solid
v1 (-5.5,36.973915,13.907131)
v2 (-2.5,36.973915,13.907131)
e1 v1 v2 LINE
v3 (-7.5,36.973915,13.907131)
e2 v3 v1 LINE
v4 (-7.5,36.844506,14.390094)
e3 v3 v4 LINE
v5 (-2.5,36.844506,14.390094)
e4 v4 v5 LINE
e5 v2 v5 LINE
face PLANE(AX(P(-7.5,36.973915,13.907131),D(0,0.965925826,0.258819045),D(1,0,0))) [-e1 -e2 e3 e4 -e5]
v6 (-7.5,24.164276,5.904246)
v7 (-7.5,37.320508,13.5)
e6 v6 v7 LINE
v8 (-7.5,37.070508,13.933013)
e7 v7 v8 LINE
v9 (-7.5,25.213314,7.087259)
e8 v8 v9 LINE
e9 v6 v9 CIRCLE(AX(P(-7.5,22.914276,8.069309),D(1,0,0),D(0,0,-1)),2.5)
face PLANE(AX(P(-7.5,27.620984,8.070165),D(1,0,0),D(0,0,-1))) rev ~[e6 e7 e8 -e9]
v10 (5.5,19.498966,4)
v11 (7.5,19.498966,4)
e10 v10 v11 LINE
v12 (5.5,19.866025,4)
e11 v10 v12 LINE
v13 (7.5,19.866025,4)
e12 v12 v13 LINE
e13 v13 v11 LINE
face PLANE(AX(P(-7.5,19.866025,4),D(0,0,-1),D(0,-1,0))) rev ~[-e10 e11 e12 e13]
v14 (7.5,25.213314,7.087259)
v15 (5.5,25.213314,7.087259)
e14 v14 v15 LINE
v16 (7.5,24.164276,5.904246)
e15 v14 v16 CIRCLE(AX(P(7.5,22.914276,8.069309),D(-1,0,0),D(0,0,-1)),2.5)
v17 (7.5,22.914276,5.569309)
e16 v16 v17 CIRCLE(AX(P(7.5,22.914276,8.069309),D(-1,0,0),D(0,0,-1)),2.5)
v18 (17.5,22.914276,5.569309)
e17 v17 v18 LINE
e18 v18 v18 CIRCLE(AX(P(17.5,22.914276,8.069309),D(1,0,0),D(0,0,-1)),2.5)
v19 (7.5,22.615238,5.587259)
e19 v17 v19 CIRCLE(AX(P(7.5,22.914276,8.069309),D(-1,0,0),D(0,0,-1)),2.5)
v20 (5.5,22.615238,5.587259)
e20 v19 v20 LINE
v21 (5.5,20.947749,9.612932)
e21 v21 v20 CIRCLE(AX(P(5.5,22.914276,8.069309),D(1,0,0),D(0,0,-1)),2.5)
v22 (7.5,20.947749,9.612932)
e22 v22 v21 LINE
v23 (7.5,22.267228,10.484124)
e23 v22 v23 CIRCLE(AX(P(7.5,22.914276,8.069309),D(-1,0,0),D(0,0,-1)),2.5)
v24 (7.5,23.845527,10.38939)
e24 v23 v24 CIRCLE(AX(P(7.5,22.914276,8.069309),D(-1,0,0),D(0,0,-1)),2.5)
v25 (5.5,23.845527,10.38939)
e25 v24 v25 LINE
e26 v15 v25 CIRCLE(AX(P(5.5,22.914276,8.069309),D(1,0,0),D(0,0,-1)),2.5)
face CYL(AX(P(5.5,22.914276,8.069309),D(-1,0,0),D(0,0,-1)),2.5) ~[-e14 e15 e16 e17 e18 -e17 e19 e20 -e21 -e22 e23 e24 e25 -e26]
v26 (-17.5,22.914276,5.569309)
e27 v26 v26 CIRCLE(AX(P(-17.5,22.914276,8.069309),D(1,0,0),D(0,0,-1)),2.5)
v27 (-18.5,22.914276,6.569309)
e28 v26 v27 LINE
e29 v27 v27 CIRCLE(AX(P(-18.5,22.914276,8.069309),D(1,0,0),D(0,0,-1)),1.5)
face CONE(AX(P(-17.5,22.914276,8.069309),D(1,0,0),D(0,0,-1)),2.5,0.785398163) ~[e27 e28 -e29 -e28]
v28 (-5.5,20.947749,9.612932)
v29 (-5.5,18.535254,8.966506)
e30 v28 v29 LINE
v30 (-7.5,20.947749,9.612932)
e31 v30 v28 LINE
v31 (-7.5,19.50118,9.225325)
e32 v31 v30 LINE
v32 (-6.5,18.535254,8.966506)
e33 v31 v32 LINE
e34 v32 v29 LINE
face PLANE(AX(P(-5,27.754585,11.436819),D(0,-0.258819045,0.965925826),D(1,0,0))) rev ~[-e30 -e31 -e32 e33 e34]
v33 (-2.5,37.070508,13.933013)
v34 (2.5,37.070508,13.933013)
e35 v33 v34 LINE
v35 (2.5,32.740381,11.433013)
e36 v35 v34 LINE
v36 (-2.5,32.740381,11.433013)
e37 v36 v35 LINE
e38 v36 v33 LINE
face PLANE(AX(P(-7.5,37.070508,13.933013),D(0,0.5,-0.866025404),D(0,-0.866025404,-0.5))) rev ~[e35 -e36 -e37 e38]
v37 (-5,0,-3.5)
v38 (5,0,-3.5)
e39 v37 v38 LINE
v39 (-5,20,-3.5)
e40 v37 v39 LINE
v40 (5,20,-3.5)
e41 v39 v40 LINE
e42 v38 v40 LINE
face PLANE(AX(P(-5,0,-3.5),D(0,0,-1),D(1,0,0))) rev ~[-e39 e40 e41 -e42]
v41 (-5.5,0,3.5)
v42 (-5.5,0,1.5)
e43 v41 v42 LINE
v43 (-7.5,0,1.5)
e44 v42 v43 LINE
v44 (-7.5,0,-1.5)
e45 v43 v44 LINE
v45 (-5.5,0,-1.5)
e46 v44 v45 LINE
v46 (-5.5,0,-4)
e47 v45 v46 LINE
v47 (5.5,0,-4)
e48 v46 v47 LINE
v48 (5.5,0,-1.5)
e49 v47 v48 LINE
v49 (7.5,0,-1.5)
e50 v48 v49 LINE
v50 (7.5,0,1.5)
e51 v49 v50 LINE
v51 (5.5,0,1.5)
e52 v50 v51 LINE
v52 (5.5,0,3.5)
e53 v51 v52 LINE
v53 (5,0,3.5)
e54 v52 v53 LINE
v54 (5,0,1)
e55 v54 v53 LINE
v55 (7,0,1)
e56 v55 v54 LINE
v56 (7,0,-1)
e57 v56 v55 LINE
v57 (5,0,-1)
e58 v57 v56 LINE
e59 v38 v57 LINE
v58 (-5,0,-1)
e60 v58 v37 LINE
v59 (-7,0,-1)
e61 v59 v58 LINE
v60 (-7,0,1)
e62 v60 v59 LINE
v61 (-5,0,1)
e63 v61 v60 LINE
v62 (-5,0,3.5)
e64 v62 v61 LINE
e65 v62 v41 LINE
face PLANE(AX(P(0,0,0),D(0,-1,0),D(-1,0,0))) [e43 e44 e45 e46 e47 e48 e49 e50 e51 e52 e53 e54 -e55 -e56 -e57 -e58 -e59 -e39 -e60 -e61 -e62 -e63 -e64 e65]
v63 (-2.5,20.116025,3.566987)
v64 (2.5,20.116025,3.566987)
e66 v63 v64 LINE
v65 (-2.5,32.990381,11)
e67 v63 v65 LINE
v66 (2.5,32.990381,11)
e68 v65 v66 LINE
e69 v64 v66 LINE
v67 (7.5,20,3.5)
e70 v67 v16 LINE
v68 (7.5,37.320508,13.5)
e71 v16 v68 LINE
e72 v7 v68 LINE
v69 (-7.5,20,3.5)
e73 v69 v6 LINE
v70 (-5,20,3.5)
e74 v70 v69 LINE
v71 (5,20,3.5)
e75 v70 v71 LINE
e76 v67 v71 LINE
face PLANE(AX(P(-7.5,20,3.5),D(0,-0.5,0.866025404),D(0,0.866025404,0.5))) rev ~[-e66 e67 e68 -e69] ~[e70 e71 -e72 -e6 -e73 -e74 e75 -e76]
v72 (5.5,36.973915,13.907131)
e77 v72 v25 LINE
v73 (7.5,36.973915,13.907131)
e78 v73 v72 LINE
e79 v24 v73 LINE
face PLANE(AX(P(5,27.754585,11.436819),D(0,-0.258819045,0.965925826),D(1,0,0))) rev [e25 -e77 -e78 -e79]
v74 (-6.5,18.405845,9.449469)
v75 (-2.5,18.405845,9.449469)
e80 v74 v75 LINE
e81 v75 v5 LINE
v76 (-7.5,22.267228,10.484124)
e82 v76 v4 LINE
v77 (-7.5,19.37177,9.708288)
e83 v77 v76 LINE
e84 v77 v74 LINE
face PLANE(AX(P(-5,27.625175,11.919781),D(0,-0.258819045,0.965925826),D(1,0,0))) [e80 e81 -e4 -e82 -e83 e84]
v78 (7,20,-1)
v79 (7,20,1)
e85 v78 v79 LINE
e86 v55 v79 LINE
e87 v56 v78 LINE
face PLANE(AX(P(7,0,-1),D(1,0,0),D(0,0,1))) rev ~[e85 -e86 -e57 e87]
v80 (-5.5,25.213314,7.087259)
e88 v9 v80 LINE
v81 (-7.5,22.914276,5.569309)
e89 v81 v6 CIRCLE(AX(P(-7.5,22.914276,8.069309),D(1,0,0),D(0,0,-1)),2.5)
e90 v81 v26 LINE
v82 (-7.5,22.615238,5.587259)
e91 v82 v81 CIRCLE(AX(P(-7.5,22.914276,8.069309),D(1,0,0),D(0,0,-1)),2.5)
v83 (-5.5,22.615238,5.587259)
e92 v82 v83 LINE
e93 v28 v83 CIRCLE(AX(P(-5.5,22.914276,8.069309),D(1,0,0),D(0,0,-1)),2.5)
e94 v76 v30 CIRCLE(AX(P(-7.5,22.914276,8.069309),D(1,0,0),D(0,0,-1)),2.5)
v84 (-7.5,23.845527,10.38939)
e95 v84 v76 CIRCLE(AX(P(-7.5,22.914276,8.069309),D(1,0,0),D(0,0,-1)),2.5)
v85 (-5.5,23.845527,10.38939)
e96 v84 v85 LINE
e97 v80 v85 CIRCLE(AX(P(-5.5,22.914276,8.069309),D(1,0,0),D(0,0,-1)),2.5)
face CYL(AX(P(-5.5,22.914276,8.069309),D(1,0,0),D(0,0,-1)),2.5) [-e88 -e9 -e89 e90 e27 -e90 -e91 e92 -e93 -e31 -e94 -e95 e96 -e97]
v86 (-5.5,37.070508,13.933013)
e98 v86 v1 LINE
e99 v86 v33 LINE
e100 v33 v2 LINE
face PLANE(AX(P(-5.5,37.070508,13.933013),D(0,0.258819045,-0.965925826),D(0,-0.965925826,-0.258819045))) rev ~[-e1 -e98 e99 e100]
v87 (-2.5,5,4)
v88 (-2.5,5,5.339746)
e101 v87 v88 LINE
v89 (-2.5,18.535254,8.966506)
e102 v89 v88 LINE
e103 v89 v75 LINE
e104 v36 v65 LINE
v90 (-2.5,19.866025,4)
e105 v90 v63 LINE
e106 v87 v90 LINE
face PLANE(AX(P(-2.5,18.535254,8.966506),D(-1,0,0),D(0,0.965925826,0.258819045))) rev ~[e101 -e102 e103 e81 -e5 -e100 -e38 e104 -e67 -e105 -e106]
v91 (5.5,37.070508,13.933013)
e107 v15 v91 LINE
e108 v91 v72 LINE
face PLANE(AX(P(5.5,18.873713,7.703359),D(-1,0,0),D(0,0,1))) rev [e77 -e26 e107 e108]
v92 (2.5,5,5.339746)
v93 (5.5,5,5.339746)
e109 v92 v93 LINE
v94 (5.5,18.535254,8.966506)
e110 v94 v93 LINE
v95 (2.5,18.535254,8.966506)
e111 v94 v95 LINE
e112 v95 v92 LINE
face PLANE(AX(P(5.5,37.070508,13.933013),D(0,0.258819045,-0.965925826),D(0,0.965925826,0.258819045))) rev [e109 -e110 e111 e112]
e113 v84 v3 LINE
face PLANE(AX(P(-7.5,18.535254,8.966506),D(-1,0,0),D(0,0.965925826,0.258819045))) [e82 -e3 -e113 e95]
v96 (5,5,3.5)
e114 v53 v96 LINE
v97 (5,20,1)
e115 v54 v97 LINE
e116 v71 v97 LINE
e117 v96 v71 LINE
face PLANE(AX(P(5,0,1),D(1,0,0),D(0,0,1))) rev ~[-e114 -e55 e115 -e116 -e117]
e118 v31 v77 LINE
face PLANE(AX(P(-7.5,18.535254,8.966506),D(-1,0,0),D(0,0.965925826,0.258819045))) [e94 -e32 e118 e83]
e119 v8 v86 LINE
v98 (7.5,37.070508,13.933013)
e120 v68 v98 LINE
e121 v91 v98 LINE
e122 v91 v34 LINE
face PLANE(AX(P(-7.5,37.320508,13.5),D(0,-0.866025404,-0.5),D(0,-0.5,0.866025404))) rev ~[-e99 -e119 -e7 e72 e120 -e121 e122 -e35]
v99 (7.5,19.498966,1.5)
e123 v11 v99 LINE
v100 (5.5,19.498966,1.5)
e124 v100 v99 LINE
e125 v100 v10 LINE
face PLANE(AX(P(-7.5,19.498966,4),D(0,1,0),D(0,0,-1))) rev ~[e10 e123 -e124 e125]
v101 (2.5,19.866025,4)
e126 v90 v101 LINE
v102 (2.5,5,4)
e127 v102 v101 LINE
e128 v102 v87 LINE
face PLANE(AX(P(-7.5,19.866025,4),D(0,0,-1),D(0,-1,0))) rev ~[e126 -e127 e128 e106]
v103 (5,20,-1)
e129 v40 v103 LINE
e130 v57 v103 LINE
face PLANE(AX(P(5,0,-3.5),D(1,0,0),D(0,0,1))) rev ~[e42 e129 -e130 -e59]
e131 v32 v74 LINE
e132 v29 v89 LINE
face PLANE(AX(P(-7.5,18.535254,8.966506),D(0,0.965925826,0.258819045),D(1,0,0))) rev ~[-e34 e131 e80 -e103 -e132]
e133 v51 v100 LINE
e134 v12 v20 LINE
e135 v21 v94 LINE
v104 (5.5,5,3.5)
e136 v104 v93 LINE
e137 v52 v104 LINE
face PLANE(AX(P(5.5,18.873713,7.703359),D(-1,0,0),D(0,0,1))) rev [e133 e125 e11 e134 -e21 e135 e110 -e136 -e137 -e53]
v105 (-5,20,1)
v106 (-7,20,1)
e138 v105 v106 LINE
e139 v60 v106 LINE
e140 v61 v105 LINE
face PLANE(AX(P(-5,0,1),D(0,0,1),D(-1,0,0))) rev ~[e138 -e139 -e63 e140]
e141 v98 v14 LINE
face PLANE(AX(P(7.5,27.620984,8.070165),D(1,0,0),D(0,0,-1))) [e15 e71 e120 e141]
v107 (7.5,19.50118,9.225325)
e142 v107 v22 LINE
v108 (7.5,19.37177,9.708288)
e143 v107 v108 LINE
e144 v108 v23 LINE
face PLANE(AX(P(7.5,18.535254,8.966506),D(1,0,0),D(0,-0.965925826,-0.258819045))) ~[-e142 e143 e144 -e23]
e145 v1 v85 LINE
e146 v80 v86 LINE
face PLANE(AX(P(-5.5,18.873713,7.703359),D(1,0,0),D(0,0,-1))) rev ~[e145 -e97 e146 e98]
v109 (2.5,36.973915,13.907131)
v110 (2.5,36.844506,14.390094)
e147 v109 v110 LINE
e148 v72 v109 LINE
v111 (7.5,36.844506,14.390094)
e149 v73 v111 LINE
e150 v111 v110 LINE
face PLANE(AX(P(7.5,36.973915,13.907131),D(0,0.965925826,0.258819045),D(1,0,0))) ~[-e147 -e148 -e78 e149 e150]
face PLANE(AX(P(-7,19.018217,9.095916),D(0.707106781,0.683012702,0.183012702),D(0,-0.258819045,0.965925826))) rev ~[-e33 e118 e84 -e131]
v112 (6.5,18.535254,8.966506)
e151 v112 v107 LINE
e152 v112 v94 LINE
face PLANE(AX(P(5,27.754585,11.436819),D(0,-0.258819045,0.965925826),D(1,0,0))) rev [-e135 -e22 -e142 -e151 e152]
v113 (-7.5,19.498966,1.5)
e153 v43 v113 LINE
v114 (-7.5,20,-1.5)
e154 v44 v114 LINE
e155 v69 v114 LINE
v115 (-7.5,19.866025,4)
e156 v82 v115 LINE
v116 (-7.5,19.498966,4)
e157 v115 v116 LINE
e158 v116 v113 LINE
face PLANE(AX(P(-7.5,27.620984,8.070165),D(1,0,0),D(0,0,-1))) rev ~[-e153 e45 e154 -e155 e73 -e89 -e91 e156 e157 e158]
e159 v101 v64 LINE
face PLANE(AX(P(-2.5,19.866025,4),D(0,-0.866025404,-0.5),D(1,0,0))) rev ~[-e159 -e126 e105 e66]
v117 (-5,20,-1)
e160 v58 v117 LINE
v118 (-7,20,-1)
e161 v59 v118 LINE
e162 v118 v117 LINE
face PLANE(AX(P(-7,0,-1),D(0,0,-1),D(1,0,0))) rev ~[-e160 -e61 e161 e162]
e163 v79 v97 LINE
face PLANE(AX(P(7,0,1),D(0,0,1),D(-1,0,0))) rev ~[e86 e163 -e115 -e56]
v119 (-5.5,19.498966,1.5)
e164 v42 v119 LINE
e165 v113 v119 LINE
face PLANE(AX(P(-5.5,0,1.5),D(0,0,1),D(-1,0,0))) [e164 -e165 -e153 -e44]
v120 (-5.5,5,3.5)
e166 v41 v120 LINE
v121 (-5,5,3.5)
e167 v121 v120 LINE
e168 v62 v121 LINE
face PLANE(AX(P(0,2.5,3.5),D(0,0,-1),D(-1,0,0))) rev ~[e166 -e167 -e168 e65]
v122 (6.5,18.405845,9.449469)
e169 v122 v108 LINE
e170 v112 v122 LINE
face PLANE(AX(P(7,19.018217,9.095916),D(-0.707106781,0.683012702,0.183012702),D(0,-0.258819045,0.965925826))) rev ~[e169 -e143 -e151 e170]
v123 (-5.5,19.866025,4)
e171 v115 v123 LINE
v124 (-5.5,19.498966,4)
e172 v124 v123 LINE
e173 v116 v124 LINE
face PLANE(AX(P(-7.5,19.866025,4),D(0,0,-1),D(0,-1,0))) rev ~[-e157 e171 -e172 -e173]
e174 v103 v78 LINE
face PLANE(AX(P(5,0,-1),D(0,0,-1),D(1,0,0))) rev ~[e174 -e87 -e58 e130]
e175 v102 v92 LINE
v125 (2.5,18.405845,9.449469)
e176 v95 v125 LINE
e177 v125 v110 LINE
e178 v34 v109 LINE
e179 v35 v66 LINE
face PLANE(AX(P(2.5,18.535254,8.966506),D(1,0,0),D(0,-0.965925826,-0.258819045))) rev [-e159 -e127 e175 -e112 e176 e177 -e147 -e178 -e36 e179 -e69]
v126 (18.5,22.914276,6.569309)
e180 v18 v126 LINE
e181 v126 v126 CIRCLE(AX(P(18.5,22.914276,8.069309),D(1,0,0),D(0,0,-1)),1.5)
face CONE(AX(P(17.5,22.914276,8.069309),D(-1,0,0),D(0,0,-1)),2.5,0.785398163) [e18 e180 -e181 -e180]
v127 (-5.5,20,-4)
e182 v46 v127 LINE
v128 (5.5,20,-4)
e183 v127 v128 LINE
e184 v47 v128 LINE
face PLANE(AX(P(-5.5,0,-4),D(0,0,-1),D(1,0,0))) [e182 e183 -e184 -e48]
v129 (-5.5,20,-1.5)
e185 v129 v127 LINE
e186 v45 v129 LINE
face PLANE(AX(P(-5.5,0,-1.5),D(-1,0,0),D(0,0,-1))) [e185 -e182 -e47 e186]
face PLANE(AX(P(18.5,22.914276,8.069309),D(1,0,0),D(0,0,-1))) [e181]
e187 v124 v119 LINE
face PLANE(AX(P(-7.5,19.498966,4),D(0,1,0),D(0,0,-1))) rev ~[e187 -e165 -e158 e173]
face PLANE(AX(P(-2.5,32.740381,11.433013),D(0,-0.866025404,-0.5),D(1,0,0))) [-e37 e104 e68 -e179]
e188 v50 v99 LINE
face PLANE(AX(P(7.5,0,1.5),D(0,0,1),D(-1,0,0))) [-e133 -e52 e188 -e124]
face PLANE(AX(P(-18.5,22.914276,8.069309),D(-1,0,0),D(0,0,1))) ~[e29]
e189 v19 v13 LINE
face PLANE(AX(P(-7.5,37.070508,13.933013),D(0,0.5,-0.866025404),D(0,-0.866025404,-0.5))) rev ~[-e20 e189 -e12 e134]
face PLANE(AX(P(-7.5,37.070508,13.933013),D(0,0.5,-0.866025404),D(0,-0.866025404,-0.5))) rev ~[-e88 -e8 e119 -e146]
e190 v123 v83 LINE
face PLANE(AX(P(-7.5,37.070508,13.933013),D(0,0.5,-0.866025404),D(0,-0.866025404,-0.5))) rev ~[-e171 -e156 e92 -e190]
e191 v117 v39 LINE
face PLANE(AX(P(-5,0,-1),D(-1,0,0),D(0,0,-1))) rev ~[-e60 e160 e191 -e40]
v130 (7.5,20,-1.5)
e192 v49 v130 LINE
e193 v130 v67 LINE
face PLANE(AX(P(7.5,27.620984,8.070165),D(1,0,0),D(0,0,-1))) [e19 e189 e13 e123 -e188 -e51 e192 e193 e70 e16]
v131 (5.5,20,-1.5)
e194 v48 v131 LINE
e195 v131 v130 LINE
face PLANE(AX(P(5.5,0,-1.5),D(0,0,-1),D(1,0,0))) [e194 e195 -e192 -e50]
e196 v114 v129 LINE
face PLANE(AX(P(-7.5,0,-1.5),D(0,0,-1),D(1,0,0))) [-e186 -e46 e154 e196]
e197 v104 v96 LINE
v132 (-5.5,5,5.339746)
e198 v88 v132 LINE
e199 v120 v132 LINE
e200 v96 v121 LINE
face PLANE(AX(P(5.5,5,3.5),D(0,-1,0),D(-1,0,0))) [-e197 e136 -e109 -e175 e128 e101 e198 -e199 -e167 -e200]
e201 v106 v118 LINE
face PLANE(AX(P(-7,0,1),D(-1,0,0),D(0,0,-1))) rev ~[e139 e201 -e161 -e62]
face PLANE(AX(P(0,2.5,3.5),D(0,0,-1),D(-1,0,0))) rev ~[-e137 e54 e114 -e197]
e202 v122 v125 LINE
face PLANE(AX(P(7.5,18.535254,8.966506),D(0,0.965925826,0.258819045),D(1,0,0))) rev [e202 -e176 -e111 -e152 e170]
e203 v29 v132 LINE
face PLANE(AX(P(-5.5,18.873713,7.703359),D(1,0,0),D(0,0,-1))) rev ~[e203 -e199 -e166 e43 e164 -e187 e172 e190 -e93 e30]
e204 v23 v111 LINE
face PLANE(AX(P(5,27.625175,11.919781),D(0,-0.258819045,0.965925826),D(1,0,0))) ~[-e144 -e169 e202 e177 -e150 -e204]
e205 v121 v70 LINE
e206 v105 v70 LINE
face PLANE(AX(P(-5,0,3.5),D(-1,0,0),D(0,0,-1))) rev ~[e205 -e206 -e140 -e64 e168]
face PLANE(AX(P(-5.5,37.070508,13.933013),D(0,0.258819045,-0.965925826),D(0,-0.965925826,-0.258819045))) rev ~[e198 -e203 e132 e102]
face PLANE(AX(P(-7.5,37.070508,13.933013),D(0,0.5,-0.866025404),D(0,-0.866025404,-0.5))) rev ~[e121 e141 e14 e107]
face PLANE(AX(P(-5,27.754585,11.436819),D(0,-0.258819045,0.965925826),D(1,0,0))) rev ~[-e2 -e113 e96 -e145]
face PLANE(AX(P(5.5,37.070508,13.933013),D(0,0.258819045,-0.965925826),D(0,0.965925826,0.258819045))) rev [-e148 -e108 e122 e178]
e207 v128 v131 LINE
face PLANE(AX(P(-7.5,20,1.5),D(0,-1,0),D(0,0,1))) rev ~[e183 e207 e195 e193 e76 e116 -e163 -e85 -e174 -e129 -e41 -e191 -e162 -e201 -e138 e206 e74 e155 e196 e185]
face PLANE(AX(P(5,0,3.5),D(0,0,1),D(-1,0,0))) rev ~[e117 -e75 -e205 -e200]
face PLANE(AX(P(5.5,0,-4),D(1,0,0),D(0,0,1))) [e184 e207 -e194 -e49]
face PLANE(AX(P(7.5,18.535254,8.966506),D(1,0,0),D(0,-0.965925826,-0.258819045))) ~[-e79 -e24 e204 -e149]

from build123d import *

# Parameters (mm, degrees)
AUFSATZ_LINEAR_AUSTRAGEN1_DEPTH = 20
AUFSATZ_LINEAR_AUSTRAGEN2_DEPTH = 15
AUFSATZ_LINEAR_AUSTRAGEN4_DEPTH = 3
SCHNITT_LINEAR_AUSTRAGEN1_REACH = 22
SKIZZE7_W                       = 10
SKIZZE7_H                       = 2
SKIZZE11_W                      = 5
SKIZZE11_H                      = 14.866025404
SCHNITT_LINEAR_AUSTRAGEN4_DEPTH = 10
SKIZZE12_W                      = 5
SKIZZE12_H                      = 19.089107003
AUFSATZ_LINEAR_AUSTRAGEN7_DEPTH = 0.5
SKIZZE13_R                      = 2.5
AUFSATZ_LINEAR_AUSTRAGEN8_DEPTH = 13
SKIZZE8_W                       = 11
SKIZZE8_H                       = 5
SCHNITT_LINEAR_AUSTRAGEN5_DEPTH = 13
FASE1_SIZE                      = 1


with BuildPart() as part:
    # Skizze1 → Aufsatz-Linear austragen1 (new body)
    with BuildSketch(Plane(origin=(0, 0, 0), x_dir=(1, 0, 0), z_dir=(0, 1, 0))):
        Polygon((5.5, -4), (-5.5, -4), (-5.5, -1.5), (-7.5, -1.5), (-7.5, 1.5), (-5.5, 1.5), (-5.5, 4), (5.5, 4), (5.5, 1.5), (7.5, 1.5), (7.5, -1.5), (5.5, -1.5), align=None)
        Polygon((-5, 1), (-5, 3.5), (5, 3.5), (5, 1), (7, 1), (7, -1), (5, -1), (5, -3.5), (-5, -3.5), (-5, -1), (-7, -1), (-7, 1), align=None, mode=Mode.SUBTRACT)
    extrude(amount=AUFSATZ_LINEAR_AUSTRAGEN1_DEPTH)

    # Skizze2 → Aufsatz-Linear austragen2 (add)
    with BuildSketch(Plane.ZY.offset(7.5)):
        Polygon((13.5, 37.320508076), (13.933012702, 37.070508076), (4, 19.866025404), (4, 19.498965661), (1.5, 19.498965661), (1.5, 20), (3.5, 20), align=None)
    extrude(amount=-AUFSATZ_LINEAR_AUSTRAGEN2_DEPTH)

    # Skizze6 → Aufsatz-Linear austragen4 (add)
    with BuildSketch(Plane.ZY.offset(5.5)):
        Polygon((13.933012702, 37.070508076), (4, 0), (4, 19.866025404), align=None)
    aufsatz_linear_austragen4 = extrude(amount=-AUFSATZ_LINEAR_AUSTRAGEN4_DEPTH)

    # Skizze7 → Schnitt-Linear austragen1 (cut, up to next)
    with BuildSketch(Plane(origin=(0, 20, 0), x_dir=(1, 0, 0), z_dir=(0, 1, 0)), mode=Mode.PRIVATE) as schnitt_linear_austragen1_sk1:
        with Locations((0, -2.5)):
            Rectangle(SKIZZE7_W, SKIZZE7_H)
    schnitt_linear_austragen1_tool1 = extrude(schnitt_linear_austragen1_sk1.sketch, amount=-SCHNITT_LINEAR_AUSTRAGEN1_REACH, mode=Mode.PRIVATE) & part.part
    add(schnitt_linear_austragen1_tool1.solids().sort_by_distance((0, 20, 2.5))[0], mode=Mode.SUBTRACT)

    # Spiegeln3: Aufsatz-Linear austragen4 across plane
    add(aufsatz_linear_austragen4.mirror(Plane(origin=(0, 0, 0), x_dir=(0, 0, 1), z_dir=(1, 0, 0))))

    # Skizze11 → Schnitt-Linear austragen4 (cut)
    with BuildSketch(Plane(origin=(0, 3.234455543, -5.602241336), x_dir=(1, 0, 0), z_dir=(0, -0.5, 0.866025404))):
        with Locations((0, 26.637495374)):
            Rectangle(SKIZZE11_W, SKIZZE11_H)
    extrude(amount=-SCHNITT_LINEAR_AUSTRAGEN4_DEPTH, mode=Mode.SUBTRACT)

    # Skizze12 → Aufsatz-Linear austragen7 (add)
    with BuildSketch(Plane(origin=(0, -1, 3.732050808), x_dir=(1, 0, 0), z_dir=(0, -0.258819045, 0.965925826))):
        with Locations((-5, 29.768936686)):
            Rectangle(SKIZZE12_W, SKIZZE12_H)
    aufsatz_linear_austragen7 = extrude(amount=AUFSATZ_LINEAR_AUSTRAGEN7_DEPTH)

    # Spiegeln4: Aufsatz-Linear austragen7 across plane
    add(aufsatz_linear_austragen7.mirror(Plane(origin=(0, 0, 0), x_dir=(0, 0, 1), z_dir=(1, 0, 0))))

    # Skizze13 → Aufsatz-Linear austragen8 (add)
    with BuildSketch(Plane(origin=(5.5, 0, 0), x_dir=(0, 0, -1), z_dir=(1, 0, 0))):
        with Locations((-8.069309397, 22.914276031)):
            Circle(SKIZZE13_R)
    aufsatz_linear_austragen8 = extrude(amount=AUFSATZ_LINEAR_AUSTRAGEN8_DEPTH)

    # Skizze8 → Schnitt-Linear austragen5 (cut)
    with BuildSketch(Plane(origin=(0, 0, 3.5), x_dir=(-1, 0, 0), z_dir=(0, 0, -1))):
        with Locations((0, 2.5)):
            Rectangle(SKIZZE8_W, SKIZZE8_H)
    extrude(amount=-SCHNITT_LINEAR_AUSTRAGEN5_DEPTH, mode=Mode.SUBTRACT)

    # Spiegeln5: Aufsatz-Linear austragen8 across plane
    add(aufsatz_linear_austragen8.mirror(Plane(origin=(0, 0, 0), x_dir=(0, 0, 1), z_dir=(1, 0, 0))))

    # Fase1
    fase1_edges = [part.edges().sort_by_distance(p)[0] for p in [
        (-7.5, 18.470549277, 9.207987808),
        (7.5, 18.470549277, 9.207987808),
        (18.5, 22.914276031, 10.569309397),
        (-18.5, 22.914276031, 10.569309397),
    ]]
    chamfer(fase1_edges, length=FASE1_SIZE)


solid = part.part
